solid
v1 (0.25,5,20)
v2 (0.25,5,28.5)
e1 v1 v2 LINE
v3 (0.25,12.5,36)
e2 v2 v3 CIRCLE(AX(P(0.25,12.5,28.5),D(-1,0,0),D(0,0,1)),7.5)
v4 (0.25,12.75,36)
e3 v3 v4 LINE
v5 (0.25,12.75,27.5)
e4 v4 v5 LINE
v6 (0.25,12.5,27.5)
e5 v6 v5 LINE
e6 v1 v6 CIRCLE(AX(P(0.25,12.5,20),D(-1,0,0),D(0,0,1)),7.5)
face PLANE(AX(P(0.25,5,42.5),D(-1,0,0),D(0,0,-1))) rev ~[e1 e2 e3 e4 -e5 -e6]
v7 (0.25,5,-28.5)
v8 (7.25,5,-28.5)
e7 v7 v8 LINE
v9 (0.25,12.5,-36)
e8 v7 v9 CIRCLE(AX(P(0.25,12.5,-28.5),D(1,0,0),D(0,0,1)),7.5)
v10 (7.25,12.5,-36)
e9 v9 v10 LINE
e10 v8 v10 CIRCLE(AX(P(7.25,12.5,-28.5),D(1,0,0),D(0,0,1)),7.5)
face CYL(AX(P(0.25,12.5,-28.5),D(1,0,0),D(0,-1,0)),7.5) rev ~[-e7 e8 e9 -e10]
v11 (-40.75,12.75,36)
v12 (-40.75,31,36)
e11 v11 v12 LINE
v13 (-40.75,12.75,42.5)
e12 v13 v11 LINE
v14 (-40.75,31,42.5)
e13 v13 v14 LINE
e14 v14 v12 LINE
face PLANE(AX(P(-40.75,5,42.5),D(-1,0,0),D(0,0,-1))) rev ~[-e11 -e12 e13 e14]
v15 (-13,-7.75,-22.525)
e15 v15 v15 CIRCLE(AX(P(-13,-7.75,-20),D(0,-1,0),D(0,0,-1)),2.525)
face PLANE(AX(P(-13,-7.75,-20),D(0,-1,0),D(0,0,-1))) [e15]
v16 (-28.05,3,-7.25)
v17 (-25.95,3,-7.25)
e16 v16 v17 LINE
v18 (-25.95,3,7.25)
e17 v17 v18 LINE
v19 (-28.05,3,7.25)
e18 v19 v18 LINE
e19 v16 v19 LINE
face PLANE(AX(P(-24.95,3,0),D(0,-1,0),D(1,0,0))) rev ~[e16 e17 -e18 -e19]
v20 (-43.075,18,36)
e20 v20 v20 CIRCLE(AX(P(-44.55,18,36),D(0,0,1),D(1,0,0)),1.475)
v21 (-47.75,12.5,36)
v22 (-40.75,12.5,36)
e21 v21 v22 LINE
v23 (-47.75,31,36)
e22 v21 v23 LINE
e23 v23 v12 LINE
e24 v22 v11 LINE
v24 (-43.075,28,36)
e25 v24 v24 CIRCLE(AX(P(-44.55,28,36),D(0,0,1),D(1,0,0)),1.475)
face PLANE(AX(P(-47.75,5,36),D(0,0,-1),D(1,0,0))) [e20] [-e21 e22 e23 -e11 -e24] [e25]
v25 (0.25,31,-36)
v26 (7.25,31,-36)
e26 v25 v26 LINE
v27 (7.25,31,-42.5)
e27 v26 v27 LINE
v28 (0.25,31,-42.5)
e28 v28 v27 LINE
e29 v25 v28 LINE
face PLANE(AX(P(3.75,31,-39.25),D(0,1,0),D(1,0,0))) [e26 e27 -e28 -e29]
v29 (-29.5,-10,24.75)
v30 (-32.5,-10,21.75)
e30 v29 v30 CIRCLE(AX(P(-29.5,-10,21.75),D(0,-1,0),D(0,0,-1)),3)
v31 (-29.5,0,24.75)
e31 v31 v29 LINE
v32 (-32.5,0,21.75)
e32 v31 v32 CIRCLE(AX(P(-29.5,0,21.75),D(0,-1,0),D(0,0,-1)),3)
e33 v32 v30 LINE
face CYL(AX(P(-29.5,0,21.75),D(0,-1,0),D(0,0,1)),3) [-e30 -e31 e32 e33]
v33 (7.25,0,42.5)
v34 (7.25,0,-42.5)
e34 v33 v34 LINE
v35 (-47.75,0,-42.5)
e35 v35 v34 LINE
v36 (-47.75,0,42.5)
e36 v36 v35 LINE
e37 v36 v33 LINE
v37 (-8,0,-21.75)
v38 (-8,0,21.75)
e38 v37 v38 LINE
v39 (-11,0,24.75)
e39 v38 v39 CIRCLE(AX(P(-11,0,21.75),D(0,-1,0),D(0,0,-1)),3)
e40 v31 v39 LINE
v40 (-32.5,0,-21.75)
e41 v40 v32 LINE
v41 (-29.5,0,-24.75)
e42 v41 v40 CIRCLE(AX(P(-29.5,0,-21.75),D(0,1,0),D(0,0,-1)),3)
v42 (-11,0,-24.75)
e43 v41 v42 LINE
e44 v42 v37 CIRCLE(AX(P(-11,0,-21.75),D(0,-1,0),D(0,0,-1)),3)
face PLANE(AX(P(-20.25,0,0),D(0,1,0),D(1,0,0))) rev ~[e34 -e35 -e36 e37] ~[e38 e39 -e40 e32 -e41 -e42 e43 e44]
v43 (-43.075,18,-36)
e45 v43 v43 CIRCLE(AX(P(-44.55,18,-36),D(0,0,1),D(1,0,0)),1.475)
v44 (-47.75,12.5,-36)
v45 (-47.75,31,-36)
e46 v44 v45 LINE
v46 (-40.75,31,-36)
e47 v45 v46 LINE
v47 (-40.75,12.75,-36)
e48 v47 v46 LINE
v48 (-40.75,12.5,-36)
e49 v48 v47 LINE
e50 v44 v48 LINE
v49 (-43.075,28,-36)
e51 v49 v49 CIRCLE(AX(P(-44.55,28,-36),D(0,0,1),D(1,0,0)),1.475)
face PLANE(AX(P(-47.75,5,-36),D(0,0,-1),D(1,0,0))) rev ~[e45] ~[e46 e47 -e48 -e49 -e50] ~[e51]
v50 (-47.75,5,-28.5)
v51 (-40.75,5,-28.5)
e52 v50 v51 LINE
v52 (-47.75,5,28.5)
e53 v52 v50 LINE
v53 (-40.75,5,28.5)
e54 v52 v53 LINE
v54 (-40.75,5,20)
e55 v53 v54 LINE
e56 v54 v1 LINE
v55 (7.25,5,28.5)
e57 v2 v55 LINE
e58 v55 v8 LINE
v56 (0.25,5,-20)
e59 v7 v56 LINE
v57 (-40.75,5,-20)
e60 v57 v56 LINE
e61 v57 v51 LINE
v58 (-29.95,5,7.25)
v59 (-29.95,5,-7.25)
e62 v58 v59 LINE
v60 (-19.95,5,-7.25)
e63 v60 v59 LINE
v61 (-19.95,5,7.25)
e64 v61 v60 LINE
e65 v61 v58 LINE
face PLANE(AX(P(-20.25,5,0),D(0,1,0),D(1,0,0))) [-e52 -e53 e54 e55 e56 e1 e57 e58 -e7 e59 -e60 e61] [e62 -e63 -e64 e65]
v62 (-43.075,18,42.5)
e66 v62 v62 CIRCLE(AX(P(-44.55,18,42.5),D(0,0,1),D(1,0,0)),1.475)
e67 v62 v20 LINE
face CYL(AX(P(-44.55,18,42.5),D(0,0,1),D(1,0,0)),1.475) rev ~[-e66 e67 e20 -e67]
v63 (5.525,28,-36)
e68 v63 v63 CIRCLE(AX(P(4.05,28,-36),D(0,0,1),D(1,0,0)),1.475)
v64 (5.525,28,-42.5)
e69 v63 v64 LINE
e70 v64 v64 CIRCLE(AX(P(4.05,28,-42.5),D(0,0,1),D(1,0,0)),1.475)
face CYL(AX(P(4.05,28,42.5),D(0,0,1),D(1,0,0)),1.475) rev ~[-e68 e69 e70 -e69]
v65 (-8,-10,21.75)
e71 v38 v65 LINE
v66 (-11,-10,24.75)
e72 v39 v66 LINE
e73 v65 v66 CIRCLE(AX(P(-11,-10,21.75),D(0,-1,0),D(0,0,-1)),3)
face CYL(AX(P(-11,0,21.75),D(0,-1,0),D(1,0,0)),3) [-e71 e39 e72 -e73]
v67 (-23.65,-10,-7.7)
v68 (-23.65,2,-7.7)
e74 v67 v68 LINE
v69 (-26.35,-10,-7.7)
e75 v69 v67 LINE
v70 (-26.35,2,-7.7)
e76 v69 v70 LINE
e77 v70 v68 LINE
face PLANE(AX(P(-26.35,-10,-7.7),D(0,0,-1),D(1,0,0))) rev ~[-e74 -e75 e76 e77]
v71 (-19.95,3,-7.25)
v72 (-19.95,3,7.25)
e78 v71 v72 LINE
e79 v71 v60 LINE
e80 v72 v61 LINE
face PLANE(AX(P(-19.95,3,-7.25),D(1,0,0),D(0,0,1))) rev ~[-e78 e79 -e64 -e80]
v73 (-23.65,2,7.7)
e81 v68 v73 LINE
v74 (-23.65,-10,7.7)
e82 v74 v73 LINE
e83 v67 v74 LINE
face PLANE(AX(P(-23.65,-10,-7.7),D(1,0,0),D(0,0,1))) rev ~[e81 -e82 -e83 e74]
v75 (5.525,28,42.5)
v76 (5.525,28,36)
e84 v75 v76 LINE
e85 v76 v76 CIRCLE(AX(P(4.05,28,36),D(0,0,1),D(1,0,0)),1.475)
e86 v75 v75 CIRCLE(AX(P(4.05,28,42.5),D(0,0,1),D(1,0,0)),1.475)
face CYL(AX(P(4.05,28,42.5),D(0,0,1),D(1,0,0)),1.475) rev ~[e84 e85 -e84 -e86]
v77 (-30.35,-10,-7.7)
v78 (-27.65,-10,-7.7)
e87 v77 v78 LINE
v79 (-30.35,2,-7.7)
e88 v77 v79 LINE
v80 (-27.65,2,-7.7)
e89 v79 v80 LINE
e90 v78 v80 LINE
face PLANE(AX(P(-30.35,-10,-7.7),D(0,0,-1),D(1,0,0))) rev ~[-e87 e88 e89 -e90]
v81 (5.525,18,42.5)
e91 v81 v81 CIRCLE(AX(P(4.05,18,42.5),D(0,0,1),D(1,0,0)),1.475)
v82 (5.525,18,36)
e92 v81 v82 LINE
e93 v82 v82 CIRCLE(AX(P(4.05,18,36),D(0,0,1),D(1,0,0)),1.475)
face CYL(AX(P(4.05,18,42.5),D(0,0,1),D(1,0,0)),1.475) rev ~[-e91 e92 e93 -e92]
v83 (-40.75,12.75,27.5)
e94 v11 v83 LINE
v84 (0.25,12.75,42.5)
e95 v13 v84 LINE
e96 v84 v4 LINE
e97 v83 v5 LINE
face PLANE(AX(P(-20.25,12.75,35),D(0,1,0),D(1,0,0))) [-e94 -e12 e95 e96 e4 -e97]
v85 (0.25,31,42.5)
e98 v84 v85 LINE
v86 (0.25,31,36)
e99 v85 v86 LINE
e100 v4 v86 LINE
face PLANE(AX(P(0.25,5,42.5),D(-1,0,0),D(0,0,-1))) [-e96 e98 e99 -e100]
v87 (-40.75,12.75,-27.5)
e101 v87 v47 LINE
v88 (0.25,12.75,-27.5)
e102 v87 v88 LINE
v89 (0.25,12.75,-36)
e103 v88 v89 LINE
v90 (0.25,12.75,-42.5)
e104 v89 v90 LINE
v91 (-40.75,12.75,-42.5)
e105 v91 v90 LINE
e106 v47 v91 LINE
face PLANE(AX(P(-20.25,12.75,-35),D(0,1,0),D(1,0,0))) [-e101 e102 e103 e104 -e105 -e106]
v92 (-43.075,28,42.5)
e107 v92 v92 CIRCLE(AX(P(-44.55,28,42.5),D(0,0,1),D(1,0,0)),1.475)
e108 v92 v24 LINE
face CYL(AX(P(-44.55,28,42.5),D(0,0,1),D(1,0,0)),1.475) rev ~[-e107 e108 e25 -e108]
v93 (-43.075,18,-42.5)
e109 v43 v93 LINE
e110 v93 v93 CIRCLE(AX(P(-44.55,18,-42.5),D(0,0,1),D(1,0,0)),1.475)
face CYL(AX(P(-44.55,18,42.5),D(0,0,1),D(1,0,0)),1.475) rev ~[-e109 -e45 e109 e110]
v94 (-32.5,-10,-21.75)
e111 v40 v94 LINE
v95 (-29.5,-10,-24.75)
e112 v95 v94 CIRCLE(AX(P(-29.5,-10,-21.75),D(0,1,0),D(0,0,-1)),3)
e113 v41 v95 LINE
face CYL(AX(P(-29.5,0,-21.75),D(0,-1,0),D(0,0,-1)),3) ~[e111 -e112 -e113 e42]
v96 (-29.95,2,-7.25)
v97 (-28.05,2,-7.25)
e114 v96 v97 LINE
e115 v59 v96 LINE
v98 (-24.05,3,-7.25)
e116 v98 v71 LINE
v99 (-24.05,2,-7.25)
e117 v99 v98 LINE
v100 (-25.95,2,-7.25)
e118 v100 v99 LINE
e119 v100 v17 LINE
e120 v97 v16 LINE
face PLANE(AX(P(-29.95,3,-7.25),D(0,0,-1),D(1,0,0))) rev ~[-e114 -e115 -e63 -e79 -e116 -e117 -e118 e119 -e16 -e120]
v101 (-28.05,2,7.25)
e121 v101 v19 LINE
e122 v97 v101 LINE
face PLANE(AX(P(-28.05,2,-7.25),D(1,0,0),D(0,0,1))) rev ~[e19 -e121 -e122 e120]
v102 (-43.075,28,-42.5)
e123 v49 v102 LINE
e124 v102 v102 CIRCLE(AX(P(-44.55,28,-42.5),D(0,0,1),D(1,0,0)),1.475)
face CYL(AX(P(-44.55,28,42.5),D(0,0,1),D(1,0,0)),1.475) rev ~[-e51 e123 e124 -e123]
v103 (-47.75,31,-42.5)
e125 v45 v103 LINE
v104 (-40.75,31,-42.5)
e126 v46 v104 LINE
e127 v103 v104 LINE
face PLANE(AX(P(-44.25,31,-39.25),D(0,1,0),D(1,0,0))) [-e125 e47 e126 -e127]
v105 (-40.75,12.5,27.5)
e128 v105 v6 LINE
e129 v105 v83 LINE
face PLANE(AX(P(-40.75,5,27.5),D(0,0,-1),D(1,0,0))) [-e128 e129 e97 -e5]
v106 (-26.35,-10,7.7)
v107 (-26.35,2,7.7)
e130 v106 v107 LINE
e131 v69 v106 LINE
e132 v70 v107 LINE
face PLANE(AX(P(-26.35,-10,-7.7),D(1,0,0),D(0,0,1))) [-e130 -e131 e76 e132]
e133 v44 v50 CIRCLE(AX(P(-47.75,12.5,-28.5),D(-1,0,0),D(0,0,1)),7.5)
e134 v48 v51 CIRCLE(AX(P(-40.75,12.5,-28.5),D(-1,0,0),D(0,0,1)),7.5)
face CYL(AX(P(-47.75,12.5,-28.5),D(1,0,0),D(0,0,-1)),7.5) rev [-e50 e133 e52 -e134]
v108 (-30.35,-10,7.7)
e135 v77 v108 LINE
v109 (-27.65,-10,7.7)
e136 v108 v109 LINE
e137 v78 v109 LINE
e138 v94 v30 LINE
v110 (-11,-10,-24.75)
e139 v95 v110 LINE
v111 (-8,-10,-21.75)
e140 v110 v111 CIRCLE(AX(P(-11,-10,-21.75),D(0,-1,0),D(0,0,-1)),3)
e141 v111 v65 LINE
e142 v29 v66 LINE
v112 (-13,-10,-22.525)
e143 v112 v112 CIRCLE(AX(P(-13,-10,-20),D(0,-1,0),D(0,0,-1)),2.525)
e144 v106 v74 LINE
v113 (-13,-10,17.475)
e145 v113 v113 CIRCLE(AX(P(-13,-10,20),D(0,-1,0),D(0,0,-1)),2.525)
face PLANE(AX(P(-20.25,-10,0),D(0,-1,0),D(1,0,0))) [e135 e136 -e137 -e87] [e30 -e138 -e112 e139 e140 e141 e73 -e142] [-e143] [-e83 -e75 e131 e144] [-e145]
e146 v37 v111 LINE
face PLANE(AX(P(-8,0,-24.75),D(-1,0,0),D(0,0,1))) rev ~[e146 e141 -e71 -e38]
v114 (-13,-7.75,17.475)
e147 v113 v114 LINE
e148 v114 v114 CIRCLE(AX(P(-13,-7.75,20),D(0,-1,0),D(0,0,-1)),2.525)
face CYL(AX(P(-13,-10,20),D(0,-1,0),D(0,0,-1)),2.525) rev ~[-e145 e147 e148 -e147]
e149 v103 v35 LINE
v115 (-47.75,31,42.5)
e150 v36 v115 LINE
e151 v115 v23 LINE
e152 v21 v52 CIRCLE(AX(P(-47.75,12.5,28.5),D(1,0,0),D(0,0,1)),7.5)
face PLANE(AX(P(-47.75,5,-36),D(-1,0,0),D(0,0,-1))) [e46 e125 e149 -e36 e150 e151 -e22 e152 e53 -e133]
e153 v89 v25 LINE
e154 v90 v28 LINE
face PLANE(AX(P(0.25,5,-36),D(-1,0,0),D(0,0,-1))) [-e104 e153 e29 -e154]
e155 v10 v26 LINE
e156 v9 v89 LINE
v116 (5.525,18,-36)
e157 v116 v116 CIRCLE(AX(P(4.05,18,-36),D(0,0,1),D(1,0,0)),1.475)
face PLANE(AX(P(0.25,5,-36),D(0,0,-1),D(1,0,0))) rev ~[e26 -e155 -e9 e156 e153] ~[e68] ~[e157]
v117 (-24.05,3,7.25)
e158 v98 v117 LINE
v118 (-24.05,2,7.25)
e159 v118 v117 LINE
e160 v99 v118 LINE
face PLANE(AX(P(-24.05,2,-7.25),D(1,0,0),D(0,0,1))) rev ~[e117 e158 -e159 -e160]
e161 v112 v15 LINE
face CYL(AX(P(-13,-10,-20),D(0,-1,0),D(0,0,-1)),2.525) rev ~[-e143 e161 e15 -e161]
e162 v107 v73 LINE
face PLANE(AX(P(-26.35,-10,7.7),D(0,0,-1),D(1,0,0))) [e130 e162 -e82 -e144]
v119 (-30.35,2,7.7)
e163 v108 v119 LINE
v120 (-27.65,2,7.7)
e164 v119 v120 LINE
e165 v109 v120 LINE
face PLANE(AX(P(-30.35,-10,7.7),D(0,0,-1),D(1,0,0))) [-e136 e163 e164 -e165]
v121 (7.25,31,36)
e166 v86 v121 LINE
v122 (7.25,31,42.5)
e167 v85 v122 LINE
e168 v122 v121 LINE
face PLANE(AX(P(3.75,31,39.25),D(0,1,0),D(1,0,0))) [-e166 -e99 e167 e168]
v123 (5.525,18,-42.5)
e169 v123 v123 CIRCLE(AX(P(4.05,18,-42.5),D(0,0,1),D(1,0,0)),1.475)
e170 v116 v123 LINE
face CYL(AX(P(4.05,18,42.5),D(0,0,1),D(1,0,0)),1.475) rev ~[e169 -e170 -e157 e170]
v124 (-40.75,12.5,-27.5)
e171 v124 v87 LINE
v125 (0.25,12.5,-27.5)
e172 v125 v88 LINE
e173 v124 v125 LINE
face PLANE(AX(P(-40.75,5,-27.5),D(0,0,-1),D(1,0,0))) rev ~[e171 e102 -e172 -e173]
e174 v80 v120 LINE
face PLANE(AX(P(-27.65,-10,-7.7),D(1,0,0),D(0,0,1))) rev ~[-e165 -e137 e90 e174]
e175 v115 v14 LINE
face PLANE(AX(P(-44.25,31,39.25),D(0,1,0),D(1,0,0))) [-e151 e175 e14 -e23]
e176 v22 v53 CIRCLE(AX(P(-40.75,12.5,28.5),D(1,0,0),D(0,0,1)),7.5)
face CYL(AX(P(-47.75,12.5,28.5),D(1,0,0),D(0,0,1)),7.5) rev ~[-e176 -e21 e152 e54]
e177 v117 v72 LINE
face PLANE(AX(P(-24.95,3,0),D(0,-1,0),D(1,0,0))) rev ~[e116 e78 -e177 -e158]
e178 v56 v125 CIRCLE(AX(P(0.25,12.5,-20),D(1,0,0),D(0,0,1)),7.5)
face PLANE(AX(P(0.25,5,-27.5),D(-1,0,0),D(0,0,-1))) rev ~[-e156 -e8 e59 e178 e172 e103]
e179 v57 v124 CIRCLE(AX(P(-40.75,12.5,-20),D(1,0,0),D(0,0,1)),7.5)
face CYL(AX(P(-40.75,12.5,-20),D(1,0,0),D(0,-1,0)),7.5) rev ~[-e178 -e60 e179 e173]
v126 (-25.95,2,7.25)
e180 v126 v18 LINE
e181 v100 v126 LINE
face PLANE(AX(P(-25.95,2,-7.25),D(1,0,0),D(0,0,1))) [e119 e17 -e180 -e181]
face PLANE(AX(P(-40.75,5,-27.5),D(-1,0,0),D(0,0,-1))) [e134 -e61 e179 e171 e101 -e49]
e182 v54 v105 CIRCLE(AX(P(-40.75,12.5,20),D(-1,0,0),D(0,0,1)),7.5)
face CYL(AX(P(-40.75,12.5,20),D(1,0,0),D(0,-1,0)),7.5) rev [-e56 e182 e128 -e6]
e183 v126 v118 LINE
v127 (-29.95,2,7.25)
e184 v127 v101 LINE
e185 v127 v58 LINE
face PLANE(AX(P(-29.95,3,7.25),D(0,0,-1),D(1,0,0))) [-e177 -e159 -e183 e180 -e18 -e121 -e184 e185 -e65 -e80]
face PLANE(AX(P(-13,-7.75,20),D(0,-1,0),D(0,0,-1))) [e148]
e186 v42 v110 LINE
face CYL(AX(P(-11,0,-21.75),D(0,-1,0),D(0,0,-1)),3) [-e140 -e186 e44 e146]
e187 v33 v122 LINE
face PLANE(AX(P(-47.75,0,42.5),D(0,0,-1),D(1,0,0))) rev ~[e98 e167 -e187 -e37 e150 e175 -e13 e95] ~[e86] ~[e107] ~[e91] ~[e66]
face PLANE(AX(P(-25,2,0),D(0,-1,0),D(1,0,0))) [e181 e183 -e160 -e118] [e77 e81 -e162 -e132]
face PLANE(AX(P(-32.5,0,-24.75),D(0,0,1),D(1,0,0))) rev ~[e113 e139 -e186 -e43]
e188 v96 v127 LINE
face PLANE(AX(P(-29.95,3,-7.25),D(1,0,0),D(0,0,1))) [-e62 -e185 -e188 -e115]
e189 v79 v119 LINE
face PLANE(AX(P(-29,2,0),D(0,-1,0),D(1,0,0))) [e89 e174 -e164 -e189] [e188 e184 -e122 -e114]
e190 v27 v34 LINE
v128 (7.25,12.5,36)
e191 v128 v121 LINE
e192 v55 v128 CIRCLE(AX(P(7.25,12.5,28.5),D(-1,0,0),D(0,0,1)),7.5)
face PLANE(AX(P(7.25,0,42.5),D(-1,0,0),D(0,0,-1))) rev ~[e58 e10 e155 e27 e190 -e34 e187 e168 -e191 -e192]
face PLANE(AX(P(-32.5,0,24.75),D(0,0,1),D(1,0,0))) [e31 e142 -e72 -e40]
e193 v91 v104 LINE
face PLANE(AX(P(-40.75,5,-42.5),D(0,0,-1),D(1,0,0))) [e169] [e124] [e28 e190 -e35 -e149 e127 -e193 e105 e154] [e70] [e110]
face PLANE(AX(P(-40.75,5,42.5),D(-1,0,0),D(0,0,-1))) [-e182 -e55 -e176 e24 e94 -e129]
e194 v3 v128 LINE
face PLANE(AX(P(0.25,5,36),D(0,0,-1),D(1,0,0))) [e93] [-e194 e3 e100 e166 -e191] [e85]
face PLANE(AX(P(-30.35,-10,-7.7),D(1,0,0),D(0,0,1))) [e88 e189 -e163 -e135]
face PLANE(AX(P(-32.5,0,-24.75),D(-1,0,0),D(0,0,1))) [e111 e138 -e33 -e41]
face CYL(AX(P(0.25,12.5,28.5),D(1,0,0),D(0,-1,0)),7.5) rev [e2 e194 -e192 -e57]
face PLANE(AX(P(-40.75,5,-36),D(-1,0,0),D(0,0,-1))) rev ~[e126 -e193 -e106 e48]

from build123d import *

# Parameters (mm, degrees)
SKETCH_1_W          = 55
SKETCH_1_H          = 85
EXTRUDE_1_DEPTH     = 5
SKETCH_2_W          = 7
SKETCH_2_H          = 6.5
EXTRUDE_2_DEPTH     = 26
SKETCH_3_R          = 1.475
CUT_EXTRUDE_1_DEPTH = 103.30377559
SKETCH_4_W          = 41
SKETCH_4_H          = 15
EXTRUDE_3_DEPTH     = 7.75
SKETCH_5_W          = 24.5
SKETCH_5_H          = 49.5
EXTRUDE_4_DEPTH     = 10
SKETCH_7_R          = 2.525
CUT_EXTRUDE_2_DEPTH = 2.25
SKETCH_8_W          = 2.7
SKETCH_8_H          = 15.4
CUT_EXTRUDE_3_DEPTH = 12
SKETCH_9_W          = 1.9
SKETCH_9_H          = 14.5
CUT_EXTRUDE_4_DEPTH = 1
SKETCH_10_W         = 10
SKETCH_10_H         = 14.5
CUT_EXTRUDE_5_DEPTH = 70.787624261
FILLET_1_R          = 3
FILLET_2_R          = 7.5


with BuildPart() as part:
    # Эскиз1 → Бобышка-Вытянуть1 (new body)
    with BuildSketch(Plane(origin=(0, 0, 0), x_dir=(1, 0, 0), z_dir=(0, 1, 0))):
        with Locations((-20.25, 0)):
            Rectangle(SKETCH_1_W, SKETCH_1_H)
    extrude(amount=EXTRUDE_1_DEPTH)

    # Эскиз2 → Бобышка-Вытянуть2 (add)
    with BuildSketch(Plane(origin=(0, 5, 0), x_dir=(1, 0, 0), z_dir=(0, 1, 0))):
        with Locations((-44.25, 39.25)):
            Rectangle(SKETCH_2_W, SKETCH_2_H)
        with Locations((3.75, 39.25)):
            Rectangle(SKETCH_2_W, SKETCH_2_H)
        with Locations((3.75, -39.25)):
            Rectangle(SKETCH_2_W, SKETCH_2_H)
        with Locations((-44.25, -39.25)):
            Rectangle(SKETCH_2_W, SKETCH_2_H)
    extrude(amount=EXTRUDE_2_DEPTH)

    # Эскиз3 → Вырез-Вытянуть1 (cut, through all)
    with BuildSketch(Plane.XY.offset(42.5)):
        with Locations((-44.55, 28)):
            Circle(SKETCH_3_R)
        with Locations((-44.55, 18)):
            Circle(SKETCH_3_R)
        with Locations((4.05, 18)):
            Circle(SKETCH_3_R)
        with Locations((4.05, 28)):
            Circle(SKETCH_3_R)
    extrude(amount=-CUT_EXTRUDE_1_DEPTH, mode=Mode.SUBTRACT)

    # Эскиз4 → Бобышка-Вытянуть3 (add)
    with BuildSketch(Plane(origin=(0, 5, 0), x_dir=(1, 0, 0), z_dir=(0, 1, 0))):
        with Locations((-20.25, 35)):
            Rectangle(SKETCH_4_W, SKETCH_4_H)
        with Locations((-20.25, -35)):
            Rectangle(SKETCH_4_W, SKETCH_4_H)
    extrude(amount=EXTRUDE_3_DEPTH)

    # Эскиз5 → Бобышка-Вытянуть4 (add)
    with BuildSketch(Plane.XZ):
        with Locations((-20.25, 0)):
            Rectangle(SKETCH_5_W, SKETCH_5_H)
    extrude(amount=EXTRUDE_4_DEPTH)

    # Эскиз7 → Вырез-Вытянуть2 (cut)
    with BuildSketch(Plane.XZ.offset(10)):
        with Locations(Location((-13, 20, 0), (0, 0, 270))):
            Circle(SKETCH_7_R)
        with Locations(Location((-13, -20, 0), (0, 0, 270))):
            Circle(SKETCH_7_R)
    extrude(amount=-CUT_EXTRUDE_2_DEPTH, mode=Mode.SUBTRACT)

    # Эскиз8 → Вырез-Вытянуть3 (cut)
    with BuildSketch(Plane.XZ.offset(10)):
        with Locations((-29, 0)):
            Rectangle(SKETCH_8_W, SKETCH_8_H)
        with Locations((-25, 0)):
            Rectangle(SKETCH_8_W, SKETCH_8_H)
    extrude(amount=-CUT_EXTRUDE_3_DEPTH, mode=Mode.SUBTRACT)

    # Эскиз9 → Вырез-Вытянуть4 (cut)
    with BuildSketch(Plane.XZ.offset(-2)):
        with Locations((-29, 0)):
            Rectangle(SKETCH_9_W, SKETCH_9_H)
        with Locations((-25, 0)):
            Rectangle(SKETCH_9_W, SKETCH_9_H)
    extrude(amount=-CUT_EXTRUDE_4_DEPTH, mode=Mode.SUBTRACT)

    # Эскиз10 → Вырез-Вытянуть5 (cut, through all)
    with BuildSketch(Plane.XZ.offset(-3)):
        with Locations((-24.95, 0)):
            Rectangle(SKETCH_10_W, SKETCH_10_H)
    extrude(amount=-CUT_EXTRUDE_5_DEPTH, mode=Mode.SUBTRACT)

    # Скругление1
    fillet_1_edges = [part.edges().sort_by_distance(p)[0] for p in [
        (-32.5, -5, 24.75),
        (-32.5, -5, -24.75),
        (-8, -5, -24.75),
        (-8, -5, 24.75),
    ]]
    fillet(fillet_1_edges, radius=FILLET_1_R)

    # Скругление2
    fillet_2_edges = [part.edges().sort_by_distance(p)[0] for p in [
        (-20.25, 5, -27.5),
        (-20.25, 5, 27.5),
        (-44.25, 5, 36),
        (3.75, 5, 36),
        (3.75, 5, -36),
        (-44.25, 5, -36),
    ]]
    fillet(fillet_2_edges, radius=FILLET_2_R)


solid = part.part
